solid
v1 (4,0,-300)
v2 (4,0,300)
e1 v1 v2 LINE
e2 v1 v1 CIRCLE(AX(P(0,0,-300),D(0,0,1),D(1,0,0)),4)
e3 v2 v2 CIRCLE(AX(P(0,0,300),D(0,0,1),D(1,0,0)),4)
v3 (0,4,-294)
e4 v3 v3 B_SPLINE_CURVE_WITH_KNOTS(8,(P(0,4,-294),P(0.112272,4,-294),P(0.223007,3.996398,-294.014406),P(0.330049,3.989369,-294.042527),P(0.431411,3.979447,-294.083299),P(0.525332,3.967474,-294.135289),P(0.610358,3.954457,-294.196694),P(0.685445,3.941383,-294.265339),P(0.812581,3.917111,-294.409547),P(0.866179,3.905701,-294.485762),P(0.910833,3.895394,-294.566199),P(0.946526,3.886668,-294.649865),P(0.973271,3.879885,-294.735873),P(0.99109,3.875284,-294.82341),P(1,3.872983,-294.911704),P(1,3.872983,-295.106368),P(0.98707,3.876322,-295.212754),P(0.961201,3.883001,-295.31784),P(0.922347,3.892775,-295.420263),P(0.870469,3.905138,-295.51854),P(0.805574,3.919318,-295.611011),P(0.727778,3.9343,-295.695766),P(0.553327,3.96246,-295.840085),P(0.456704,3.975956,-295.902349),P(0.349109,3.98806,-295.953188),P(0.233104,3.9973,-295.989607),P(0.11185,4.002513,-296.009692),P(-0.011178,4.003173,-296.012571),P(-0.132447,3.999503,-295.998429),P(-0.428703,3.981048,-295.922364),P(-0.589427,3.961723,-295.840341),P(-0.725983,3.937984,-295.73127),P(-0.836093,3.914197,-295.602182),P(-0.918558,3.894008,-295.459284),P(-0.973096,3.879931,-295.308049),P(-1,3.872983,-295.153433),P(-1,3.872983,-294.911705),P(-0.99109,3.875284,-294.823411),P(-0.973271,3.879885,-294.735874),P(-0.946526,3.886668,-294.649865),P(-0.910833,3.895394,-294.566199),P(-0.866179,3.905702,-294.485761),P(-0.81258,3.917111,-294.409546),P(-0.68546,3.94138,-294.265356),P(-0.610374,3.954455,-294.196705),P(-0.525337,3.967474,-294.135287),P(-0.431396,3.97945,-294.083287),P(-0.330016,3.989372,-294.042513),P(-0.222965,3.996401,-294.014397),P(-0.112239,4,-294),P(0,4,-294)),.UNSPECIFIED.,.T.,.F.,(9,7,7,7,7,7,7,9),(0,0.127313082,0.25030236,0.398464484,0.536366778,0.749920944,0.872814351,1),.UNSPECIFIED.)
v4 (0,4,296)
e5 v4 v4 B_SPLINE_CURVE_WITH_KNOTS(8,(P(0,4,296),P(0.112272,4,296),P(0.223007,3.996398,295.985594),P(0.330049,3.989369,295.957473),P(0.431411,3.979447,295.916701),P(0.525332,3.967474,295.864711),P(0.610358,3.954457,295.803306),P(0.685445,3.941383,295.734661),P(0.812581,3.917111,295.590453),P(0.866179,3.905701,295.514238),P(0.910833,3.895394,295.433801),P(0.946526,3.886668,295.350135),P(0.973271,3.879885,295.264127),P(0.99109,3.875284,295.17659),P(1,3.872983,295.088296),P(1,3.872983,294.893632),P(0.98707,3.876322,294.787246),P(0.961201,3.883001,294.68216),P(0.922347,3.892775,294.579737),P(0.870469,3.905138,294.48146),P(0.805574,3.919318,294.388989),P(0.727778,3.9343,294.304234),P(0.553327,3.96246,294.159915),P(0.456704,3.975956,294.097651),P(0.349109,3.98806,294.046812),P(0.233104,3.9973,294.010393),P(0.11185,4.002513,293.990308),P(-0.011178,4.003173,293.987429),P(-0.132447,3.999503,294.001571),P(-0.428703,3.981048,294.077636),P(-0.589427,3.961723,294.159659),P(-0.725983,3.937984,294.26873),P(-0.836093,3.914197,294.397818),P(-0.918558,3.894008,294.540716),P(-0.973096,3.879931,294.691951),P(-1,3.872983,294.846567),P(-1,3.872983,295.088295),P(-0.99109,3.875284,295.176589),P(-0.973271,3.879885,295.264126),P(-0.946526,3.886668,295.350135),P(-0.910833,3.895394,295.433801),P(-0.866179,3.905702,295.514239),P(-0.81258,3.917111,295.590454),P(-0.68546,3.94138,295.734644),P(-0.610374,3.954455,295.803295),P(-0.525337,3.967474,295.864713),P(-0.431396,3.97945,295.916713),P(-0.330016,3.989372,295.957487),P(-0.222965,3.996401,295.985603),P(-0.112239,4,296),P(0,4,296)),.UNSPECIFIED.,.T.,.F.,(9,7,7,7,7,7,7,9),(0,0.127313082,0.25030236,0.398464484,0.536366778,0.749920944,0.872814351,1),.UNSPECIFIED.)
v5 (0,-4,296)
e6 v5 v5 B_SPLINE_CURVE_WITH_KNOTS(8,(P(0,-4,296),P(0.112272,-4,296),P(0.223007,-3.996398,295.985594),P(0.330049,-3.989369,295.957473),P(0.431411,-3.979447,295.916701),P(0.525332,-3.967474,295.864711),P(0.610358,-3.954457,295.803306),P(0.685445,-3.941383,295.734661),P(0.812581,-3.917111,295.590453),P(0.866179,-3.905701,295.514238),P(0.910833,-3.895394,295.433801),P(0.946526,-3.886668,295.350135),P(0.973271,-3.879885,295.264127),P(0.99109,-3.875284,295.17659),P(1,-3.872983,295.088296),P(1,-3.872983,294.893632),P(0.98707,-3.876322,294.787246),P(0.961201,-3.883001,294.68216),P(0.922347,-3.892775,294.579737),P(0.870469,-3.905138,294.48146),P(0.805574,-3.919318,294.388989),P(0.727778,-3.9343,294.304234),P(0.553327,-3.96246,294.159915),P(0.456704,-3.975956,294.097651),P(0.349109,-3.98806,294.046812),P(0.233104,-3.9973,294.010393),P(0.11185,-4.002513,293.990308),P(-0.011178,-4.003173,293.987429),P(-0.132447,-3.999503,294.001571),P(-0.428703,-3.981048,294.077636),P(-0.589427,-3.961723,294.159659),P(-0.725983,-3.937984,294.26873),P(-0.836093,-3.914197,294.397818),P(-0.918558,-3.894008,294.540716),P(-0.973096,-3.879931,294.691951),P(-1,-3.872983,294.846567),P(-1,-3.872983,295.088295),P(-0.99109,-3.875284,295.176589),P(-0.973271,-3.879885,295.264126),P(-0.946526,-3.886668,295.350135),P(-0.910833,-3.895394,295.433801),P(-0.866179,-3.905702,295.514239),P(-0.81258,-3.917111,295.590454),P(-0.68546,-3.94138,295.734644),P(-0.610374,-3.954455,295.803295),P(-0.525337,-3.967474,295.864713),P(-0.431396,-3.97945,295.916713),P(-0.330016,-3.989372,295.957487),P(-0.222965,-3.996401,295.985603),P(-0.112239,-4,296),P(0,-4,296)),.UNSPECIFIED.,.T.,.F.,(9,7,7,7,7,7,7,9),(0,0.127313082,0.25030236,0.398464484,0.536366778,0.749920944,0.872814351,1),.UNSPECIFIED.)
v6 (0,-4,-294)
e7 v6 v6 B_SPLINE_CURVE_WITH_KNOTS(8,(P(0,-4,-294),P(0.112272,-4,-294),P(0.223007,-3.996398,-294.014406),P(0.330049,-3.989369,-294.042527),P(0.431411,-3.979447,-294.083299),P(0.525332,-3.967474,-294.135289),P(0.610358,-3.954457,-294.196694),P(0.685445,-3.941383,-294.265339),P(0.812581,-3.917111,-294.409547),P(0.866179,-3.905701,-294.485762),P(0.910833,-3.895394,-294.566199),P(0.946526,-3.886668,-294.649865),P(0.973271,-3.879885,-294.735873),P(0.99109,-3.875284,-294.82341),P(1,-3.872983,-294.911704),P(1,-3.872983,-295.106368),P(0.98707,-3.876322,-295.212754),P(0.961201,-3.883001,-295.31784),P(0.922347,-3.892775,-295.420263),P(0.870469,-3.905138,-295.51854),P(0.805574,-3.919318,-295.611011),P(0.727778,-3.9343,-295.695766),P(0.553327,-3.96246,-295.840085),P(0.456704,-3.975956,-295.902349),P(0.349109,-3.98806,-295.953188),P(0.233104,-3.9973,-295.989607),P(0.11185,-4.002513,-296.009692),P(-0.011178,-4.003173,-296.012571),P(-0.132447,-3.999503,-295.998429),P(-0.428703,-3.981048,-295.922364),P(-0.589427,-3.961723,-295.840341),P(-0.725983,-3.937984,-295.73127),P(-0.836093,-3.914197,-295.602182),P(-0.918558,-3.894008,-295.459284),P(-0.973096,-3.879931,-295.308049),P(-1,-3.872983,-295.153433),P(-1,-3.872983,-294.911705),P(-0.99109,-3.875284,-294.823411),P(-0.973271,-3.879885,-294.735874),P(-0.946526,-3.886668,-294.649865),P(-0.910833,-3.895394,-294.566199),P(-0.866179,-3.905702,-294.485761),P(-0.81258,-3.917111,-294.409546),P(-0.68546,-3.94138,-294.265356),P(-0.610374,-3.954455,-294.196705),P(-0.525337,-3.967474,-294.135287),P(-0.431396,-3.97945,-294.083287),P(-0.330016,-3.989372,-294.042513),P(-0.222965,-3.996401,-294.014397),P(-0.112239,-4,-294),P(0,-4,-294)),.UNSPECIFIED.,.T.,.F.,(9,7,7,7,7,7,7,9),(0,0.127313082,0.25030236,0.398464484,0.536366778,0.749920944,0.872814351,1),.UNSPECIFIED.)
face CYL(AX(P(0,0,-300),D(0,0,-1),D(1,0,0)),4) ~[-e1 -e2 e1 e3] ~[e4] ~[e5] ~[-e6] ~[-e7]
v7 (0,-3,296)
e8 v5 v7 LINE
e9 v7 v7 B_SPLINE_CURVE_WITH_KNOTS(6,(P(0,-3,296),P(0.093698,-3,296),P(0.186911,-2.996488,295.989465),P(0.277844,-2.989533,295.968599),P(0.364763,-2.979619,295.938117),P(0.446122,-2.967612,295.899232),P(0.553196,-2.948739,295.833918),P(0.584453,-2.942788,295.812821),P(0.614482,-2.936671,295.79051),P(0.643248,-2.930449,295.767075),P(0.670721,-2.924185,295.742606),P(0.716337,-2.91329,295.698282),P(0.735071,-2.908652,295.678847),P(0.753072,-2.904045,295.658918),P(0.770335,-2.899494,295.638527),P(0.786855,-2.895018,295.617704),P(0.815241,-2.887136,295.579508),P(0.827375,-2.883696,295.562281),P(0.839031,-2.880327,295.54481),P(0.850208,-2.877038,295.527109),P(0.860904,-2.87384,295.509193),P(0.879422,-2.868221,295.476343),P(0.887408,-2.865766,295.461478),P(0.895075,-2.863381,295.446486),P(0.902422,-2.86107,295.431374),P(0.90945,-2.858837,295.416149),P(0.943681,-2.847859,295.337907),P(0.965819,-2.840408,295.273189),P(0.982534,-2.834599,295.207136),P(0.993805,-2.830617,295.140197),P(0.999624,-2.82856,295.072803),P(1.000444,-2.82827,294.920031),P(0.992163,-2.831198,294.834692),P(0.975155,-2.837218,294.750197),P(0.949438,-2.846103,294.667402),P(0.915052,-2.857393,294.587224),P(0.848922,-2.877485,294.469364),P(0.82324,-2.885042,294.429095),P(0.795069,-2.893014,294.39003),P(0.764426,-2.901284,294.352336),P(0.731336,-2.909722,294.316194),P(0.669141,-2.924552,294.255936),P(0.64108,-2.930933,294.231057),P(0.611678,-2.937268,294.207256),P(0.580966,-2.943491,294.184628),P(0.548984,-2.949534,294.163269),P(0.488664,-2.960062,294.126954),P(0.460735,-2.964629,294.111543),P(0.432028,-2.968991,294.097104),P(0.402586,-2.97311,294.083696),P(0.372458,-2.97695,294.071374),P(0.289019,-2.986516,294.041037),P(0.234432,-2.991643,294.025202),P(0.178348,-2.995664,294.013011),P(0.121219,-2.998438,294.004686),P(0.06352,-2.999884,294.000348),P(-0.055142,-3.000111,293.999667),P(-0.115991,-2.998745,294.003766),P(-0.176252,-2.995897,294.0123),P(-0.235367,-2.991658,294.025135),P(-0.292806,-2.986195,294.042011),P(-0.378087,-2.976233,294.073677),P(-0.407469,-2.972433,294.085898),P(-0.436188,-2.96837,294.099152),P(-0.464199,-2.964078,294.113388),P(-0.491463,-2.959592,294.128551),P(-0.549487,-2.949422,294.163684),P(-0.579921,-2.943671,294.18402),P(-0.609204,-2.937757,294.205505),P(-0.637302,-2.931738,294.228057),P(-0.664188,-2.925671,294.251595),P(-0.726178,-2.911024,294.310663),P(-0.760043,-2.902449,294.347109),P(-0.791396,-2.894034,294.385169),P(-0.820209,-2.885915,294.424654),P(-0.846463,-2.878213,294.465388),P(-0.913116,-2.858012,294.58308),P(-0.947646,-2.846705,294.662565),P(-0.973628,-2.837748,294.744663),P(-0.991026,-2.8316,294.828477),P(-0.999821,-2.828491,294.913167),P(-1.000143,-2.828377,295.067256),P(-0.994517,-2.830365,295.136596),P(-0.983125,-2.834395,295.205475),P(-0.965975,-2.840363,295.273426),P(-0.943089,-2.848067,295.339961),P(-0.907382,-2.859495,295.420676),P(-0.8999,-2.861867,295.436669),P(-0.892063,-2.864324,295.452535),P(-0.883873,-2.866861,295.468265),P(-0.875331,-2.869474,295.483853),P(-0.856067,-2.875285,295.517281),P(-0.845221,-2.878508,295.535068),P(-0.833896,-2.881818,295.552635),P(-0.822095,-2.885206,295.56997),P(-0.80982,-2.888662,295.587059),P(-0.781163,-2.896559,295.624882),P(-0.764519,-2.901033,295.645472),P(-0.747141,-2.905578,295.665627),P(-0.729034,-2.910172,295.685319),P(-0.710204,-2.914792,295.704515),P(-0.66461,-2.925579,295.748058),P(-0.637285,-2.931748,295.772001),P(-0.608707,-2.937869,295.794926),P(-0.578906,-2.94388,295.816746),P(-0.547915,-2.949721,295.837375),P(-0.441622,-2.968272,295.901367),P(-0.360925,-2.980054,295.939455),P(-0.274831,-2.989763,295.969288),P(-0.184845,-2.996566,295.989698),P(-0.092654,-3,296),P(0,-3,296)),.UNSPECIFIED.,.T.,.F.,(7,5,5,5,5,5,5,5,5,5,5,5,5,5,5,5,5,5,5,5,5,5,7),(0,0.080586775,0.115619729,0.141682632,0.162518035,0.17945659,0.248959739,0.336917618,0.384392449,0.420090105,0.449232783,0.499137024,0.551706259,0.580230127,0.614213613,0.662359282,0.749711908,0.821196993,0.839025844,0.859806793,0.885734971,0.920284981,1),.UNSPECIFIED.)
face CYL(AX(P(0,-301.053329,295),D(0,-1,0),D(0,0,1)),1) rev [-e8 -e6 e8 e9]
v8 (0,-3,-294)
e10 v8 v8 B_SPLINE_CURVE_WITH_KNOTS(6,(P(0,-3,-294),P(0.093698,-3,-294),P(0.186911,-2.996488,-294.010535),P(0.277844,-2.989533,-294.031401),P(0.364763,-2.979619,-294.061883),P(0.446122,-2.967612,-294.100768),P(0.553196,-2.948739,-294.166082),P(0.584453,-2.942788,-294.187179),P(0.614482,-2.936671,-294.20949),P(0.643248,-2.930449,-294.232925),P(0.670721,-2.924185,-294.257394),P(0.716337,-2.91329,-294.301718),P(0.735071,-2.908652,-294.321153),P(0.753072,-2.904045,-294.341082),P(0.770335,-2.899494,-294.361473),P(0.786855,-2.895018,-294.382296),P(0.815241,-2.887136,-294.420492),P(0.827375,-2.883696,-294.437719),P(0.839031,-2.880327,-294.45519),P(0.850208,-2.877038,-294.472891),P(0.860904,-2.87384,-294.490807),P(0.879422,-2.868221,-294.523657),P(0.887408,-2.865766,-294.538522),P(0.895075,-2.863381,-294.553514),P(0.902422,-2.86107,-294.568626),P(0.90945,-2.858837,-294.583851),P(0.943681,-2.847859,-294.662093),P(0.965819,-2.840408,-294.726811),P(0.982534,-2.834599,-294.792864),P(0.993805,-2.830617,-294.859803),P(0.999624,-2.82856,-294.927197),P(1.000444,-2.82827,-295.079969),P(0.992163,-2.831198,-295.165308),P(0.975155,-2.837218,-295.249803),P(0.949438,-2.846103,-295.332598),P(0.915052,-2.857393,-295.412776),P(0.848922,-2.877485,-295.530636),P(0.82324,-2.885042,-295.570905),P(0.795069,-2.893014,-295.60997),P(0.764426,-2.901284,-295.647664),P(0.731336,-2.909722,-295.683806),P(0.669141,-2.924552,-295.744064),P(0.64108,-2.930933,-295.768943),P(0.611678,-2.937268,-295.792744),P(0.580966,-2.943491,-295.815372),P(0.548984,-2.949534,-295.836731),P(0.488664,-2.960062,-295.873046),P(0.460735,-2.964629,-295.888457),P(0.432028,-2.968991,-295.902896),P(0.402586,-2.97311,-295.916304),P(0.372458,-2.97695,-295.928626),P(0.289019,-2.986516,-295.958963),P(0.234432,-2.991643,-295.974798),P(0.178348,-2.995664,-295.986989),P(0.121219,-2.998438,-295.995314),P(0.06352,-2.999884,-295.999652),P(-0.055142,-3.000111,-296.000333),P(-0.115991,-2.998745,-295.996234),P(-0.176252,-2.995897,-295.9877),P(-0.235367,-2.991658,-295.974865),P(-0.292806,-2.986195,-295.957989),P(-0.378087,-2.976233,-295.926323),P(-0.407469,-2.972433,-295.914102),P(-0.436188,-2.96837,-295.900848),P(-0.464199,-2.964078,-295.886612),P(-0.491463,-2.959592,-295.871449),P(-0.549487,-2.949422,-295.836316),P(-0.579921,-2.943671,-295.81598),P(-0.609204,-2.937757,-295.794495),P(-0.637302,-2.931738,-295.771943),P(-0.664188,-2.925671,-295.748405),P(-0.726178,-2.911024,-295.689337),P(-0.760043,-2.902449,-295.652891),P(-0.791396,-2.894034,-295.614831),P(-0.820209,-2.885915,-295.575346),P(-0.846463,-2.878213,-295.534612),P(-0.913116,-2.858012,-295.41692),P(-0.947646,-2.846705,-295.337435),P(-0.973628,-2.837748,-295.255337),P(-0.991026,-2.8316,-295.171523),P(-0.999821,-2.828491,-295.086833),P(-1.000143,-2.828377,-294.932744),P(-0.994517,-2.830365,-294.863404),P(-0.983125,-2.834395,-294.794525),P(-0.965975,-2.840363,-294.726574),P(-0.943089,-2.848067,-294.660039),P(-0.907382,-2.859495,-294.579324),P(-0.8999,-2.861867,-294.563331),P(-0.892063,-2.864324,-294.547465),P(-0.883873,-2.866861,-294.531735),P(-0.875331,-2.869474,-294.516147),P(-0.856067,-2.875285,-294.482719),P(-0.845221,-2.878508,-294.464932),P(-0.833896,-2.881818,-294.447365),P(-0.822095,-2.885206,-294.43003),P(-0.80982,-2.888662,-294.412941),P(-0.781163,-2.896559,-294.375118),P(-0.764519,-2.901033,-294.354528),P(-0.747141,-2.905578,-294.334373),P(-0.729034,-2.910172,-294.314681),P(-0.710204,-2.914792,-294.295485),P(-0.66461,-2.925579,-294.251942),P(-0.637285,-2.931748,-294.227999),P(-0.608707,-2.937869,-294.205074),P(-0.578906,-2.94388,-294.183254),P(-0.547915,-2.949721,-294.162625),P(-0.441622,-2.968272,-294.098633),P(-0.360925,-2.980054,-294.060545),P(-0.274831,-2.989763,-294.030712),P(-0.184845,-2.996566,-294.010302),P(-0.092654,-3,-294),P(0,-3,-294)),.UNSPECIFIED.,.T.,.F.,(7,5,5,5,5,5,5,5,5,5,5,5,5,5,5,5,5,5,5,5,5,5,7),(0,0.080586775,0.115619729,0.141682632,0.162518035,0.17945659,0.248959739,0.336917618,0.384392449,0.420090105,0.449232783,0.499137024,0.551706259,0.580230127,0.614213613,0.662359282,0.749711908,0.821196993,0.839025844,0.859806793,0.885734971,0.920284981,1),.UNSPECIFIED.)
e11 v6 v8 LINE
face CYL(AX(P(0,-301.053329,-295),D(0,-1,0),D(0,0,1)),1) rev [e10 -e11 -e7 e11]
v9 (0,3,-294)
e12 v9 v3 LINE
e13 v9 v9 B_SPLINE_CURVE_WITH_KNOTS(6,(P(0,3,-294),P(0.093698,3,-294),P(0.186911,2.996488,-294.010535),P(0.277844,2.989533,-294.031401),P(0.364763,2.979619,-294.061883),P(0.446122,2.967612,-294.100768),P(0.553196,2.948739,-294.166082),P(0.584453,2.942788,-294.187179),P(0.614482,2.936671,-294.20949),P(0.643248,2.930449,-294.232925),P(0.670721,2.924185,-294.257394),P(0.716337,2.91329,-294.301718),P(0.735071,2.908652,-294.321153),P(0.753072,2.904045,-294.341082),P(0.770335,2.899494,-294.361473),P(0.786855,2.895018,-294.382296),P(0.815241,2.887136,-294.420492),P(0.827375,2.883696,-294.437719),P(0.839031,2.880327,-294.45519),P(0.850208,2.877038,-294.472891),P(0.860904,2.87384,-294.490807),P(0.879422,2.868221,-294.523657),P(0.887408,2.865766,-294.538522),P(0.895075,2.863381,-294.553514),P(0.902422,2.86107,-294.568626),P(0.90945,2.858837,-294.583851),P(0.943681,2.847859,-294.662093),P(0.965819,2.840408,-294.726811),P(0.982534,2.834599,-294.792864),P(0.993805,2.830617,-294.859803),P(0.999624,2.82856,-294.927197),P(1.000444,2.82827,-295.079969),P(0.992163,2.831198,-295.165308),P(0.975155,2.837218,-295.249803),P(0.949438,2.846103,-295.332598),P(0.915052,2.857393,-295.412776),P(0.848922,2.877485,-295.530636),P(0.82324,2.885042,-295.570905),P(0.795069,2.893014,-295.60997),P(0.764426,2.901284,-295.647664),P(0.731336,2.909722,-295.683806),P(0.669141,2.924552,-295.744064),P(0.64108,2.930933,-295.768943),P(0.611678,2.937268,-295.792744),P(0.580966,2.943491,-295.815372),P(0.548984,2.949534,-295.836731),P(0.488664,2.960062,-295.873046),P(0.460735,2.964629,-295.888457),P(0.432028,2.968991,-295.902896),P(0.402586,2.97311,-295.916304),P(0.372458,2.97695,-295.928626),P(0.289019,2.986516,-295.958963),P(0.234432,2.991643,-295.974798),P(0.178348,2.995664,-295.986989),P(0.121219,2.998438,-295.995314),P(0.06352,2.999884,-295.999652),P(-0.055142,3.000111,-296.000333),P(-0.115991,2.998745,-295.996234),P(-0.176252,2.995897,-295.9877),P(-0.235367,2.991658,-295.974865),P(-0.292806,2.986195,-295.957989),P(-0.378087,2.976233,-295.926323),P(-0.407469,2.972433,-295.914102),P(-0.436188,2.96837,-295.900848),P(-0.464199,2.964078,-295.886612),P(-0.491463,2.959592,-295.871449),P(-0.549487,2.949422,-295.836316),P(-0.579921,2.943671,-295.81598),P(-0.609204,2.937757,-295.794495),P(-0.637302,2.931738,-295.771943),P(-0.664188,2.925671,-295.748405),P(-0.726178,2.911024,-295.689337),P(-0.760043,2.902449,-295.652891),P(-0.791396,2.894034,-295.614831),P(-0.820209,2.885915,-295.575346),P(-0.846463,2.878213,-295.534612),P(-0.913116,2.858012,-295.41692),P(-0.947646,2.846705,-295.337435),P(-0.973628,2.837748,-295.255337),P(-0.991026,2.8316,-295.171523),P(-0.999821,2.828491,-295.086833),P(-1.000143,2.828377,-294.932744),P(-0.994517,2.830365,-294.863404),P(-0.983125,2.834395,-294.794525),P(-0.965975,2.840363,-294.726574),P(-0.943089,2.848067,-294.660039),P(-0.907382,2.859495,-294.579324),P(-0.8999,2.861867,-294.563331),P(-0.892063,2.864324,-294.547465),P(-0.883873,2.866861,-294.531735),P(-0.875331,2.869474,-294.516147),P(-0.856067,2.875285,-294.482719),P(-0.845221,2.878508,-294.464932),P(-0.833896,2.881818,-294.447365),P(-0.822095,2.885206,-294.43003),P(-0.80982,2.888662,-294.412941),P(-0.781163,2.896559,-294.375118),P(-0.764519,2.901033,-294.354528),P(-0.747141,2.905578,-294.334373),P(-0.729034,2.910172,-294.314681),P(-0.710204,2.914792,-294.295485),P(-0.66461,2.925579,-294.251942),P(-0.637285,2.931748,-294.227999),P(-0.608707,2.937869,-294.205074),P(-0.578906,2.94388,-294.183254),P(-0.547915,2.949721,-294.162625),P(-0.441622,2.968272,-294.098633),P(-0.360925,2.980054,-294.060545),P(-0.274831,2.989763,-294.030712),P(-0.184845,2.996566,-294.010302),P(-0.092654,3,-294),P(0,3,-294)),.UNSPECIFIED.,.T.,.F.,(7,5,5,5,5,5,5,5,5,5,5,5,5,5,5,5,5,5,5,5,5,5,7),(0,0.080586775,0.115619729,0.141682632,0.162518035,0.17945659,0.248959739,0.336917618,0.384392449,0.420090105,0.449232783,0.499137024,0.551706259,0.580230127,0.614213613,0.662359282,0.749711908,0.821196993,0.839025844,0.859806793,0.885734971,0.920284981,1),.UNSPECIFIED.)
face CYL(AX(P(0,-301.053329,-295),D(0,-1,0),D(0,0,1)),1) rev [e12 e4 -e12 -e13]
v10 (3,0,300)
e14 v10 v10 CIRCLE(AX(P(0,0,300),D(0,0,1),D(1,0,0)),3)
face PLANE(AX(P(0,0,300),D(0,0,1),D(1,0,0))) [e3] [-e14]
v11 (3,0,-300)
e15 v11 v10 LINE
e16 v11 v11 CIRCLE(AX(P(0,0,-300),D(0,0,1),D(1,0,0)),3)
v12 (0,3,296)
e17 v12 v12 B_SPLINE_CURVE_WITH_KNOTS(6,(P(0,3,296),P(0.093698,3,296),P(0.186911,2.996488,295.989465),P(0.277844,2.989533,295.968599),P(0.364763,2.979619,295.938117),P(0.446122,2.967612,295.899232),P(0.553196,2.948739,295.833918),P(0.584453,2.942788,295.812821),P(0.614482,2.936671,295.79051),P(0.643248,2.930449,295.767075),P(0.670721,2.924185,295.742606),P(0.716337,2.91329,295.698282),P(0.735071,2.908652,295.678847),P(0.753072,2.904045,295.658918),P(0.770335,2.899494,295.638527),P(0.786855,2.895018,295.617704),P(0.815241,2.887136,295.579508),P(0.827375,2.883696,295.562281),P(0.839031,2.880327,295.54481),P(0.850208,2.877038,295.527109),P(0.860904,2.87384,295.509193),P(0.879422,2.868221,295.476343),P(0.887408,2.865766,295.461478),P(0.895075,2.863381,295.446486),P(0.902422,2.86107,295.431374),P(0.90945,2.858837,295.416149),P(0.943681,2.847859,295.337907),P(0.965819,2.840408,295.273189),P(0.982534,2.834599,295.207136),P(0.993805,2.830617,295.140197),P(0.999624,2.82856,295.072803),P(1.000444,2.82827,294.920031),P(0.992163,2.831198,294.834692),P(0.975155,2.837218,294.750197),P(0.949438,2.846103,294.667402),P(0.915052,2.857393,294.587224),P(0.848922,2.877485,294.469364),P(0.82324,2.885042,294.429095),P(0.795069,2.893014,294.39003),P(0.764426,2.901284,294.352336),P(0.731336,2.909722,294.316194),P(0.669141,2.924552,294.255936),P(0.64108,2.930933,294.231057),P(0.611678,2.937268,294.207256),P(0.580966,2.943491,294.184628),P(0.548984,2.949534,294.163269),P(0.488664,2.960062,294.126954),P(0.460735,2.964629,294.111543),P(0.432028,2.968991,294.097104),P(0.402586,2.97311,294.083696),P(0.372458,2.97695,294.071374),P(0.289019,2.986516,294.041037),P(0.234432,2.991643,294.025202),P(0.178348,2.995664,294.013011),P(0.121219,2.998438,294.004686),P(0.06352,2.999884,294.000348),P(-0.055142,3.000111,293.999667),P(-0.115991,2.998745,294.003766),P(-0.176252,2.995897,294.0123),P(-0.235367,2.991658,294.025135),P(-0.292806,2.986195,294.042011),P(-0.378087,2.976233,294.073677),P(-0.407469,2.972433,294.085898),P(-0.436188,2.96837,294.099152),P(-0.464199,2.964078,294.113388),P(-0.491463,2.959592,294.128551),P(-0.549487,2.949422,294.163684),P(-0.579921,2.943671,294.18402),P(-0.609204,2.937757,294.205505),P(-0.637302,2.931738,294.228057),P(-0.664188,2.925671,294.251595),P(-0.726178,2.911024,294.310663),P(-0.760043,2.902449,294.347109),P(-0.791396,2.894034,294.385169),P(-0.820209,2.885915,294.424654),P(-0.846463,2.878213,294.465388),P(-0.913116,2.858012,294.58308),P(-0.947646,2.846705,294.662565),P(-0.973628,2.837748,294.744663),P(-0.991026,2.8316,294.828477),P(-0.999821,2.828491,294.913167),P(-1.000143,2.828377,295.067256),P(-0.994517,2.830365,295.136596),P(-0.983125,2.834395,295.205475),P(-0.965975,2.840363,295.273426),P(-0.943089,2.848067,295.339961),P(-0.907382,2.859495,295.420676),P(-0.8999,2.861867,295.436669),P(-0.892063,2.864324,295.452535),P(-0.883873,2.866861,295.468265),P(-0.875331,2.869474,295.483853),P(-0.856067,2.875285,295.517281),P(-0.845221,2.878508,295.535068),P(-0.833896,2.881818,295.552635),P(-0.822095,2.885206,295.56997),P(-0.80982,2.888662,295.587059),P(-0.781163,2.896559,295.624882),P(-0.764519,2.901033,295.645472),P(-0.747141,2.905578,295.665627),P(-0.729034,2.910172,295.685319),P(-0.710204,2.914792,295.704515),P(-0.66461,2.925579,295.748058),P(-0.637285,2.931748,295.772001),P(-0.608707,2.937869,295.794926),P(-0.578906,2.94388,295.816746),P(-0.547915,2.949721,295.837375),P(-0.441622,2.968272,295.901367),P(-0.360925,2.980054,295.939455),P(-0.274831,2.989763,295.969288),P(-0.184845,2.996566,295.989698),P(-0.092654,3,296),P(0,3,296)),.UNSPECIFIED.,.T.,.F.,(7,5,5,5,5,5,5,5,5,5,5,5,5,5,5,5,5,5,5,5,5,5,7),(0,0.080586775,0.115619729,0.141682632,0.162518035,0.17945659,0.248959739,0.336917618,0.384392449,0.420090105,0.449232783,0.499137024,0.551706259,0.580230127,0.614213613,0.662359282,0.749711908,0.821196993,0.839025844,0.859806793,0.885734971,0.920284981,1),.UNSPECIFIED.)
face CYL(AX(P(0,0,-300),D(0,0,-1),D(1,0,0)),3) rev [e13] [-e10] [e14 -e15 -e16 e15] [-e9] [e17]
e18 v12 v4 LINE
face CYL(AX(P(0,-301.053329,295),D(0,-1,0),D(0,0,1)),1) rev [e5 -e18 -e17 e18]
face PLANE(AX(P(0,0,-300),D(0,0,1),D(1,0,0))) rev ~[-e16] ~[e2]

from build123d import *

# Parameters (mm, degrees)
EXTRUDE_1_DEPTH          = 300
EXTRUDE_1_DEPTH_BACK     = 300
SKETCH_1_R               = 4
SKETCH_1_R_2             = 3
CUT_EXTRUDE_2_DEPTH      = 301.053328593
CUT_EXTRUDE_2_DEPTH_BACK = 301.053328593
SKETCH_3_R               = 1


with BuildPart() as part:
    # 草图1 → 凸台-拉伸1 (new, two sides: drawn at the far end of the back side and taken through both)
    with BuildSketch(Plane.XY.offset(-EXTRUDE_1_DEPTH_BACK)):
        Circle(SKETCH_1_R)
        Circle(SKETCH_1_R_2, mode=Mode.SUBTRACT)
    extrude(amount=EXTRUDE_1_DEPTH + EXTRUDE_1_DEPTH_BACK)

    # 草图3 → 切除-拉伸2 (cut, two sides: drawn at the far end of the back side and taken through both)
    with BuildSketch(Plane(origin=(0, 0, 0), x_dir=(1, 0, 0), z_dir=(0, 1, 0)).offset(-CUT_EXTRUDE_2_DEPTH_BACK)):
        with Locations((0, 295)):
            Circle(SKETCH_3_R)
        with Locations((0, -295)):
            Circle(SKETCH_3_R)
    extrude(amount=CUT_EXTRUDE_2_DEPTH + CUT_EXTRUDE_2_DEPTH_BACK, mode=Mode.SUBTRACT)


solid = part.part
